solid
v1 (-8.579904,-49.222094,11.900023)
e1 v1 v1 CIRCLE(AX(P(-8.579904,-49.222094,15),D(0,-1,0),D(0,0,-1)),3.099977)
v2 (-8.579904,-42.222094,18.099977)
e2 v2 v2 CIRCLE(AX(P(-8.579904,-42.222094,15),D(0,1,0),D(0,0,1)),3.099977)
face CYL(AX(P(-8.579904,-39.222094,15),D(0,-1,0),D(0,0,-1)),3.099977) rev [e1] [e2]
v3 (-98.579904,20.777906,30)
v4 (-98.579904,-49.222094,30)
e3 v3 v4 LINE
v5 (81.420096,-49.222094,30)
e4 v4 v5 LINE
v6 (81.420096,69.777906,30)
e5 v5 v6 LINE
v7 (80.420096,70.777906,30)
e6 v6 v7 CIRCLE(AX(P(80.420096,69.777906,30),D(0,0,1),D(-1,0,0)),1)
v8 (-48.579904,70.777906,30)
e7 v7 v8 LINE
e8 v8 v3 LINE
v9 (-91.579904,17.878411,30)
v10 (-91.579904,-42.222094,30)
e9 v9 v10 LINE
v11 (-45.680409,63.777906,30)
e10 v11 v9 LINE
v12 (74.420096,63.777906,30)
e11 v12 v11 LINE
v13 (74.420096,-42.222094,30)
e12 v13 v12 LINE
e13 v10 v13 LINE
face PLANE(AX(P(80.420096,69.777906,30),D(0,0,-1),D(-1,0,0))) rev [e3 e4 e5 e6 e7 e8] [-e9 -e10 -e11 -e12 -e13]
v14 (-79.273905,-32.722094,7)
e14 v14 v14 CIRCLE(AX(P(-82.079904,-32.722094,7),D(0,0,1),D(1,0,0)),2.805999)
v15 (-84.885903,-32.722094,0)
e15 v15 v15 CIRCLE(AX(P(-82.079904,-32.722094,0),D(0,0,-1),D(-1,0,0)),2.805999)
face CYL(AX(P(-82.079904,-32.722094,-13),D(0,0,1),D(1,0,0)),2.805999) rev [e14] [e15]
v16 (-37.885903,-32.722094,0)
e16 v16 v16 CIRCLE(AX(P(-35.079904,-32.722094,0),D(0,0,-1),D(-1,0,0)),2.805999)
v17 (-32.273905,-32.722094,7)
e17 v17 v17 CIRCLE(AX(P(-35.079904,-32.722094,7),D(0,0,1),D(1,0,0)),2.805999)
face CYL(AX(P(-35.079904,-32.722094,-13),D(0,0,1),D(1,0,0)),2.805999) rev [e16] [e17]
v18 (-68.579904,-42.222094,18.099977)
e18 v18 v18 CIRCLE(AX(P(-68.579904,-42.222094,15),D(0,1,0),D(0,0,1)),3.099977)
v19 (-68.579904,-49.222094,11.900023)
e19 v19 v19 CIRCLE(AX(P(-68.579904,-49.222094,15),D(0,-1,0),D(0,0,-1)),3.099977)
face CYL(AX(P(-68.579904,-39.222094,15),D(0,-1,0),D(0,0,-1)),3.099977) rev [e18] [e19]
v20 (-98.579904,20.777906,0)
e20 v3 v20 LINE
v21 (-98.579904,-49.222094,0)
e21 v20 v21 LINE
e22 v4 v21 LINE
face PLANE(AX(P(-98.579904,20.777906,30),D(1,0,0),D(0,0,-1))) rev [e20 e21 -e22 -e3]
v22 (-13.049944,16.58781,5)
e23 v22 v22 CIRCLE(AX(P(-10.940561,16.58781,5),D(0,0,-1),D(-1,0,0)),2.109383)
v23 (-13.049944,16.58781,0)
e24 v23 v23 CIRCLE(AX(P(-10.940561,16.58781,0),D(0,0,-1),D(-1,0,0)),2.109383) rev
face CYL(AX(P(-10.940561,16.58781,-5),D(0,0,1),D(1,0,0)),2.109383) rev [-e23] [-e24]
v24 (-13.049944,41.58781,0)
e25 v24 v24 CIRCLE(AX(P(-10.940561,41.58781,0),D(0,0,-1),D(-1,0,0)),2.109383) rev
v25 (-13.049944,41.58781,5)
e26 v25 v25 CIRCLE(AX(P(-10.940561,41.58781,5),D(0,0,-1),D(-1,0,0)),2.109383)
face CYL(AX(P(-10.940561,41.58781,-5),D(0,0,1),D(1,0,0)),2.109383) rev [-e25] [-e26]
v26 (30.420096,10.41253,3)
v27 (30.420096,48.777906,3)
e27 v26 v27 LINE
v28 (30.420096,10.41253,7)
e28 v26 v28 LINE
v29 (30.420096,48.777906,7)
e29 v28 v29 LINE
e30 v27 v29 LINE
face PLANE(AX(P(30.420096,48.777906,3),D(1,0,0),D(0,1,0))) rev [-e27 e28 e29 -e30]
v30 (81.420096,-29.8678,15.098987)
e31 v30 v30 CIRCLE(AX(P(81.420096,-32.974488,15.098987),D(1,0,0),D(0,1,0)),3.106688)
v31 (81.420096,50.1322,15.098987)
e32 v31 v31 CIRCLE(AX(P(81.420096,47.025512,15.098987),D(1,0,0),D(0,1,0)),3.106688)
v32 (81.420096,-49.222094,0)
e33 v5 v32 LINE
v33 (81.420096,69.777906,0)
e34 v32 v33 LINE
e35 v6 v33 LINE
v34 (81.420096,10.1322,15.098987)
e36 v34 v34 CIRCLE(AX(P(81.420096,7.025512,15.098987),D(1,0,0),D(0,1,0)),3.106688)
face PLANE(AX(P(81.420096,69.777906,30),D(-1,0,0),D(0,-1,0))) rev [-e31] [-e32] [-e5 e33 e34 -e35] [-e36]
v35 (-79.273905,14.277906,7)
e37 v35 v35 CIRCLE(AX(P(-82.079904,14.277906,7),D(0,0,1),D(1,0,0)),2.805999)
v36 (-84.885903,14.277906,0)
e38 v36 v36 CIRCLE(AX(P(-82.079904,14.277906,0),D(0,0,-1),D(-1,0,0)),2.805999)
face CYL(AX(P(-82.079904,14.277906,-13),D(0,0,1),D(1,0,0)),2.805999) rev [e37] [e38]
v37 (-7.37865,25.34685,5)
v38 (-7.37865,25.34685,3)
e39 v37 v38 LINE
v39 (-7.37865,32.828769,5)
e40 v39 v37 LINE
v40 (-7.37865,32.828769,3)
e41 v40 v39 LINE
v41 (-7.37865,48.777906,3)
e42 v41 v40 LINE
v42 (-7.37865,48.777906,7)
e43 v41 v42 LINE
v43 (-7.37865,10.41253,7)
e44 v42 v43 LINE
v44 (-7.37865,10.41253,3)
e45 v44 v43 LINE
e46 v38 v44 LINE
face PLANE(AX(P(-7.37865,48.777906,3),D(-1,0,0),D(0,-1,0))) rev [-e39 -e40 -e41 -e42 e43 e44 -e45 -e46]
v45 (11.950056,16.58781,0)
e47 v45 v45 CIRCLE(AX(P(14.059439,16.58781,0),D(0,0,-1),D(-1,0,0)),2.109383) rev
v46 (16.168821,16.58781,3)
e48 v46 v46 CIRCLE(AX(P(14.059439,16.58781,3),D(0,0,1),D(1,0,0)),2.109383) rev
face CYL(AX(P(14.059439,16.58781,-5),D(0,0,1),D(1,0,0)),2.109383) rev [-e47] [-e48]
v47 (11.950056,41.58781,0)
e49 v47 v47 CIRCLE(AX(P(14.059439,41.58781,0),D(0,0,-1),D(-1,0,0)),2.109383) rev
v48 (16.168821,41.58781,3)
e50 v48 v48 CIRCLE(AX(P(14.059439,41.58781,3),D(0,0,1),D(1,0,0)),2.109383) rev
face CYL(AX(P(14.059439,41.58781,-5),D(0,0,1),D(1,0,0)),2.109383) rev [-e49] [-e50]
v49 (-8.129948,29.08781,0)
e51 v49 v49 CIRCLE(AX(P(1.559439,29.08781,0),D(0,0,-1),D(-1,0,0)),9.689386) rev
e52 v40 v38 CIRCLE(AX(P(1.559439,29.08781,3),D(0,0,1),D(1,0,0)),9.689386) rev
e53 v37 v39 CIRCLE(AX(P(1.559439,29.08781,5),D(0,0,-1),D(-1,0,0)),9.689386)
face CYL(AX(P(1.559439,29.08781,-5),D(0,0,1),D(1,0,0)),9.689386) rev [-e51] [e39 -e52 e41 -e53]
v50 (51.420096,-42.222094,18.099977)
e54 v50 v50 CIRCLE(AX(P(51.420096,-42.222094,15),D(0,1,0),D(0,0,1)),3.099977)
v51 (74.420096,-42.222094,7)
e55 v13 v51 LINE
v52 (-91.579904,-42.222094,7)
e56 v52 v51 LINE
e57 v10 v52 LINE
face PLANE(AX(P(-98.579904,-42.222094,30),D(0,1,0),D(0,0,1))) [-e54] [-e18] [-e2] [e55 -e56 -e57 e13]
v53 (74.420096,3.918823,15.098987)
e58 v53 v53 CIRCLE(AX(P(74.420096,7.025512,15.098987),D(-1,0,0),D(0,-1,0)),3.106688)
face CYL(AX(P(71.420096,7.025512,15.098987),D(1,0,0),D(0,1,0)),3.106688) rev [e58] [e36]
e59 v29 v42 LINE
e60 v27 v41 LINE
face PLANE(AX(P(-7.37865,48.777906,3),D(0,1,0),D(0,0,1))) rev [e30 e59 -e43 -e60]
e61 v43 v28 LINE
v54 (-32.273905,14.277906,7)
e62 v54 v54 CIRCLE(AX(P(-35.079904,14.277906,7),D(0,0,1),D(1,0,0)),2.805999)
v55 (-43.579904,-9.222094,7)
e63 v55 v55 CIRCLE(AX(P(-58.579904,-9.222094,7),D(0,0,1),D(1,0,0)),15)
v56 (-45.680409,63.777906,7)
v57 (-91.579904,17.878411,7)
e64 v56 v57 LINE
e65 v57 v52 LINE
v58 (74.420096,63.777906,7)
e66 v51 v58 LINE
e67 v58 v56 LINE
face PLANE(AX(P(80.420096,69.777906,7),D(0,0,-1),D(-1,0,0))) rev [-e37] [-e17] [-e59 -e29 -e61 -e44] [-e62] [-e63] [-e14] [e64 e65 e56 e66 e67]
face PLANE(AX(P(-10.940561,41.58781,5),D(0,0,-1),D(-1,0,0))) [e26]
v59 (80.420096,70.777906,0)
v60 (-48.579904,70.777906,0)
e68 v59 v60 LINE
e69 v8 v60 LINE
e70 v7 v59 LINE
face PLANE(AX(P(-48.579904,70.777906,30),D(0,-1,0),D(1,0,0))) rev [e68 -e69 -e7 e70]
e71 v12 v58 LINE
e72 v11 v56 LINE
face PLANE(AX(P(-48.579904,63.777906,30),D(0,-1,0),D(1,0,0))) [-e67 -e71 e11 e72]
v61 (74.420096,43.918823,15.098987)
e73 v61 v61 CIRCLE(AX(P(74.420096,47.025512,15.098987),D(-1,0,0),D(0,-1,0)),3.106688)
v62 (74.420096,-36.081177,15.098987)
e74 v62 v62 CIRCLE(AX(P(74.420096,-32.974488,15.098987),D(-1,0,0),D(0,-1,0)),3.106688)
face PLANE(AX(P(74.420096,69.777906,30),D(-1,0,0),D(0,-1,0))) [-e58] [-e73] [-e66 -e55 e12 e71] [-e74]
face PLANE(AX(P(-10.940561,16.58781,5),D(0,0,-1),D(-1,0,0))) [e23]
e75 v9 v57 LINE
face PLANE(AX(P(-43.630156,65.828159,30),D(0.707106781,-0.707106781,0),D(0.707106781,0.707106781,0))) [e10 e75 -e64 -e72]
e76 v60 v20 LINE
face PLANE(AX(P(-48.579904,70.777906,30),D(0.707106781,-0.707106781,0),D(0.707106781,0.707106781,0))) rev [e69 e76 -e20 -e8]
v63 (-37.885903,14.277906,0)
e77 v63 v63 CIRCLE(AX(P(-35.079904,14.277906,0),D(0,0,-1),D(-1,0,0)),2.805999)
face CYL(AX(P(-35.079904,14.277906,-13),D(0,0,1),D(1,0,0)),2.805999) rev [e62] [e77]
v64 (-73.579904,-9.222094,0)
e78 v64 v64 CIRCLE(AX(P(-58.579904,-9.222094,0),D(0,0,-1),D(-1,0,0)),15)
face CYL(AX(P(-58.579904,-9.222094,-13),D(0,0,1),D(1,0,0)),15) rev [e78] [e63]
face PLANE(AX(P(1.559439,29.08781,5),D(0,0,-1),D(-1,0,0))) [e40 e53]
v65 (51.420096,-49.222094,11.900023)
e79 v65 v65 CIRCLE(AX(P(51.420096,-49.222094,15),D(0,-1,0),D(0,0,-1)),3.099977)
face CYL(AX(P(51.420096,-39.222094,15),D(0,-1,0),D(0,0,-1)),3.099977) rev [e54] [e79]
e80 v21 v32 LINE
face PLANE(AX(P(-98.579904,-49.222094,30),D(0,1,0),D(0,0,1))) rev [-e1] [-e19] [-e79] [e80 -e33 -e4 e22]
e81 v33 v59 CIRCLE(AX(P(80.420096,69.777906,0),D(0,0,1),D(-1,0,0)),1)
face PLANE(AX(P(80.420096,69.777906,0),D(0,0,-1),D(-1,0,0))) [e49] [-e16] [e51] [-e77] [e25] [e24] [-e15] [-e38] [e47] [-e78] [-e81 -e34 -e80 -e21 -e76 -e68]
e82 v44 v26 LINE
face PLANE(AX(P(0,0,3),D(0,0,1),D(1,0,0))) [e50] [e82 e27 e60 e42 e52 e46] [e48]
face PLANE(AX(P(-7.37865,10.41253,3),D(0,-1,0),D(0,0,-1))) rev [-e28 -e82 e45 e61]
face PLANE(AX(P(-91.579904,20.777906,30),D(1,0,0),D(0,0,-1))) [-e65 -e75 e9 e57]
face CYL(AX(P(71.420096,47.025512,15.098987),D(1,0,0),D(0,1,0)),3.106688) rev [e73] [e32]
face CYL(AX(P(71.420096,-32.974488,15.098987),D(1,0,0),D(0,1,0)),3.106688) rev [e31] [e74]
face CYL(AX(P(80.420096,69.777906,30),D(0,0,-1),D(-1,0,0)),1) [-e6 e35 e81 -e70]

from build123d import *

# Parameters (mm, degrees)
BOSS_EXTRUDE1_DEPTH  = 30
SHELL1_T             = -7
SKETCH2_R            = 15
CUT_EXTRUDE1_DEPTH   = 20
SKETCH3_R            = 2.805999004
CUT_EXTRUDE2_DEPTH   = 20
LPATTERN1_COUNT      = 2
LPATTERN1_PITCH      = 47
LPATTERN1_COUNT_DIR2 = 2
LPATTERN1_PITCH_DIR2 = 47
SKETCH4_W            = 37.798746628
SKETCH4_H            = 38.365375912
CUT_EXTRUDE3_DEPTH   = 4
SKETCH5_R            = 9.689386482
CUT_EXTRUDE4_DEPTH   = 10
SKETCH6_R            = 2.109382838
CUT_EXTRUDE5_DEPTH   = 10
LPATTERN2_COUNT      = 2
LPATTERN2_PITCH      = 25
LPATTERN2_COUNT_DIR2 = 2
LPATTERN2_PITCH_DIR2 = 25
SKETCH7_R            = 3.099977118
CUT_EXTRUDE6_DEPTH   = 10
LPATTERN3_COUNT      = 3
LPATTERN3_PITCH      = 60
SKETCH8_R            = 3.106688242
CUT_EXTRUDE7_DEPTH   = 10
LPATTERN4_COUNT      = 3
LPATTERN4_PITCH      = 40


with BuildPart() as part:
    # Sketch1 → Boss-Extrude1 (new body)
    with BuildSketch(Plane.XY):
        with BuildLine():
            Line((-48.579903717, 70.777906396), (-98.579903717, 20.777906396))
            Line((-98.579903717, 20.777906396), (-98.579903717, -49.222093604))
            Line((-98.579903717, -49.222093604), (81.420096283, -49.222093604))
            Line((81.420096283, -49.222093604), (81.420096283, 69.777906396))
            ThreePointArc((81.420096283, 69.777906396), (81.127203064, 70.485013177), (80.420096283, 70.777906396))
            Line((80.420096283, 70.777906396), (-48.579903717, 70.777906396))
        make_face()
    extrude(amount=BOSS_EXTRUDE1_DEPTH)

    # Shell1
    shell1_openings = [part.faces().sort_by_distance(p)[0] for p in [
        (-4.076298463, 8.11549528, 30),
    ]]
    offset(amount=SHELL1_T, openings=shell1_openings, kind=Kind.INTERSECTION)

    # Sketch2 → Cut-Extrude1 (cut)
    with BuildSketch(Plane.XY.offset(7)):
        with Locations((-58.579903717, -9.222093604)):
            Circle(SKETCH2_R)
    extrude(amount=-CUT_EXTRUDE1_DEPTH, mode=Mode.SUBTRACT)

    # Sketch3 → Cut-Extrude2 (cut)
    with BuildSketch(Plane.XY.offset(7)):
        with Locations((-82.079903717, 14.277906396)):
            Circle(SKETCH3_R)
    cut_extrude2 = extrude(amount=-CUT_EXTRUDE2_DEPTH, mode=Mode.SUBTRACT)

    # LPattern1: Cut-Extrude2 2 × 2
    with Locations(*[(i * LPATTERN1_PITCH, -j * LPATTERN1_PITCH_DIR2, 0) for i in range(LPATTERN1_COUNT) for j in range(LPATTERN1_COUNT_DIR2) if (i, j) != (0, 0)]):
        add(cut_extrude2, mode=Mode.SUBTRACT)

    # Sketch4 → Cut-Extrude3 (cut)
    with BuildSketch(Plane.XY.offset(7)):
        with Locations((11.520722969, 29.59521844)):
            Rectangle(SKETCH4_W, SKETCH4_H)
    extrude(amount=-CUT_EXTRUDE3_DEPTH, mode=Mode.SUBTRACT)

    # Sketch5 → Cut-Extrude4 (cut)
    with BuildSketch(Plane(origin=(0, 0, 5), x_dir=(-1, 0, 0), z_dir=(0, 0, -1))):
        with Locations(Location((-1.55943854, 29.087809619, 0), (0, 0, 337.288675779))):
            Circle(SKETCH5_R)
    extrude(amount=CUT_EXTRUDE4_DEPTH, mode=Mode.SUBTRACT)

    # Sketch6 → Cut-Extrude5 (cut)
    with BuildSketch(Plane(origin=(0, 0, 5), x_dir=(-1, 0, 0), z_dir=(0, 0, -1))):
        with Locations(Location((-14.05943854, 41.587809619, 0), (0, 0, 180))):
            Circle(SKETCH6_R)
    cut_extrude5 = extrude(amount=CUT_EXTRUDE5_DEPTH, mode=Mode.SUBTRACT)

    # LPattern2: Cut-Extrude5 2 × 2
    with Locations(*[(-i * LPATTERN2_PITCH, -j * LPATTERN2_PITCH_DIR2, 0) for i in range(LPATTERN2_COUNT) for j in range(LPATTERN2_COUNT_DIR2) if (i, j) != (0, 0)]):
        add(cut_extrude5, mode=Mode.SUBTRACT)

    # Sketch7 → Cut-Extrude6 (cut)
    with BuildSketch(Plane.XZ.offset(49.222093604)):
        with Locations(Location((-68.579903717, 15, 0), (0, 0, 270))):
            Circle(SKETCH7_R)
    cut_extrude6 = extrude(amount=-CUT_EXTRUDE6_DEPTH, mode=Mode.SUBTRACT)

    # LPattern3: Cut-Extrude6 ×3
    with Locations(*[(i * LPATTERN3_PITCH, 0, 0) for i in range(1, LPATTERN3_COUNT)]):
        add(cut_extrude6, mode=Mode.SUBTRACT)

    # Sketch8 → Cut-Extrude7 (cut)
    with BuildSketch(Plane(origin=(81.420096283, 0, 0), x_dir=(0, 0, -1), z_dir=(1, 0, 0))):
        with Locations(Location((-15.098987318, -32.974488262, 0), (0, 0, 90))):
            Circle(SKETCH8_R)
    cut_extrude7 = extrude(amount=-CUT_EXTRUDE7_DEPTH, mode=Mode.SUBTRACT)

    # LPattern4: Cut-Extrude7 ×3
    with Locations(*[(0, i * LPATTERN4_PITCH, 0) for i in range(1, LPATTERN4_COUNT)]):
        add(cut_extrude7, mode=Mode.SUBTRACT)


solid = part.part
